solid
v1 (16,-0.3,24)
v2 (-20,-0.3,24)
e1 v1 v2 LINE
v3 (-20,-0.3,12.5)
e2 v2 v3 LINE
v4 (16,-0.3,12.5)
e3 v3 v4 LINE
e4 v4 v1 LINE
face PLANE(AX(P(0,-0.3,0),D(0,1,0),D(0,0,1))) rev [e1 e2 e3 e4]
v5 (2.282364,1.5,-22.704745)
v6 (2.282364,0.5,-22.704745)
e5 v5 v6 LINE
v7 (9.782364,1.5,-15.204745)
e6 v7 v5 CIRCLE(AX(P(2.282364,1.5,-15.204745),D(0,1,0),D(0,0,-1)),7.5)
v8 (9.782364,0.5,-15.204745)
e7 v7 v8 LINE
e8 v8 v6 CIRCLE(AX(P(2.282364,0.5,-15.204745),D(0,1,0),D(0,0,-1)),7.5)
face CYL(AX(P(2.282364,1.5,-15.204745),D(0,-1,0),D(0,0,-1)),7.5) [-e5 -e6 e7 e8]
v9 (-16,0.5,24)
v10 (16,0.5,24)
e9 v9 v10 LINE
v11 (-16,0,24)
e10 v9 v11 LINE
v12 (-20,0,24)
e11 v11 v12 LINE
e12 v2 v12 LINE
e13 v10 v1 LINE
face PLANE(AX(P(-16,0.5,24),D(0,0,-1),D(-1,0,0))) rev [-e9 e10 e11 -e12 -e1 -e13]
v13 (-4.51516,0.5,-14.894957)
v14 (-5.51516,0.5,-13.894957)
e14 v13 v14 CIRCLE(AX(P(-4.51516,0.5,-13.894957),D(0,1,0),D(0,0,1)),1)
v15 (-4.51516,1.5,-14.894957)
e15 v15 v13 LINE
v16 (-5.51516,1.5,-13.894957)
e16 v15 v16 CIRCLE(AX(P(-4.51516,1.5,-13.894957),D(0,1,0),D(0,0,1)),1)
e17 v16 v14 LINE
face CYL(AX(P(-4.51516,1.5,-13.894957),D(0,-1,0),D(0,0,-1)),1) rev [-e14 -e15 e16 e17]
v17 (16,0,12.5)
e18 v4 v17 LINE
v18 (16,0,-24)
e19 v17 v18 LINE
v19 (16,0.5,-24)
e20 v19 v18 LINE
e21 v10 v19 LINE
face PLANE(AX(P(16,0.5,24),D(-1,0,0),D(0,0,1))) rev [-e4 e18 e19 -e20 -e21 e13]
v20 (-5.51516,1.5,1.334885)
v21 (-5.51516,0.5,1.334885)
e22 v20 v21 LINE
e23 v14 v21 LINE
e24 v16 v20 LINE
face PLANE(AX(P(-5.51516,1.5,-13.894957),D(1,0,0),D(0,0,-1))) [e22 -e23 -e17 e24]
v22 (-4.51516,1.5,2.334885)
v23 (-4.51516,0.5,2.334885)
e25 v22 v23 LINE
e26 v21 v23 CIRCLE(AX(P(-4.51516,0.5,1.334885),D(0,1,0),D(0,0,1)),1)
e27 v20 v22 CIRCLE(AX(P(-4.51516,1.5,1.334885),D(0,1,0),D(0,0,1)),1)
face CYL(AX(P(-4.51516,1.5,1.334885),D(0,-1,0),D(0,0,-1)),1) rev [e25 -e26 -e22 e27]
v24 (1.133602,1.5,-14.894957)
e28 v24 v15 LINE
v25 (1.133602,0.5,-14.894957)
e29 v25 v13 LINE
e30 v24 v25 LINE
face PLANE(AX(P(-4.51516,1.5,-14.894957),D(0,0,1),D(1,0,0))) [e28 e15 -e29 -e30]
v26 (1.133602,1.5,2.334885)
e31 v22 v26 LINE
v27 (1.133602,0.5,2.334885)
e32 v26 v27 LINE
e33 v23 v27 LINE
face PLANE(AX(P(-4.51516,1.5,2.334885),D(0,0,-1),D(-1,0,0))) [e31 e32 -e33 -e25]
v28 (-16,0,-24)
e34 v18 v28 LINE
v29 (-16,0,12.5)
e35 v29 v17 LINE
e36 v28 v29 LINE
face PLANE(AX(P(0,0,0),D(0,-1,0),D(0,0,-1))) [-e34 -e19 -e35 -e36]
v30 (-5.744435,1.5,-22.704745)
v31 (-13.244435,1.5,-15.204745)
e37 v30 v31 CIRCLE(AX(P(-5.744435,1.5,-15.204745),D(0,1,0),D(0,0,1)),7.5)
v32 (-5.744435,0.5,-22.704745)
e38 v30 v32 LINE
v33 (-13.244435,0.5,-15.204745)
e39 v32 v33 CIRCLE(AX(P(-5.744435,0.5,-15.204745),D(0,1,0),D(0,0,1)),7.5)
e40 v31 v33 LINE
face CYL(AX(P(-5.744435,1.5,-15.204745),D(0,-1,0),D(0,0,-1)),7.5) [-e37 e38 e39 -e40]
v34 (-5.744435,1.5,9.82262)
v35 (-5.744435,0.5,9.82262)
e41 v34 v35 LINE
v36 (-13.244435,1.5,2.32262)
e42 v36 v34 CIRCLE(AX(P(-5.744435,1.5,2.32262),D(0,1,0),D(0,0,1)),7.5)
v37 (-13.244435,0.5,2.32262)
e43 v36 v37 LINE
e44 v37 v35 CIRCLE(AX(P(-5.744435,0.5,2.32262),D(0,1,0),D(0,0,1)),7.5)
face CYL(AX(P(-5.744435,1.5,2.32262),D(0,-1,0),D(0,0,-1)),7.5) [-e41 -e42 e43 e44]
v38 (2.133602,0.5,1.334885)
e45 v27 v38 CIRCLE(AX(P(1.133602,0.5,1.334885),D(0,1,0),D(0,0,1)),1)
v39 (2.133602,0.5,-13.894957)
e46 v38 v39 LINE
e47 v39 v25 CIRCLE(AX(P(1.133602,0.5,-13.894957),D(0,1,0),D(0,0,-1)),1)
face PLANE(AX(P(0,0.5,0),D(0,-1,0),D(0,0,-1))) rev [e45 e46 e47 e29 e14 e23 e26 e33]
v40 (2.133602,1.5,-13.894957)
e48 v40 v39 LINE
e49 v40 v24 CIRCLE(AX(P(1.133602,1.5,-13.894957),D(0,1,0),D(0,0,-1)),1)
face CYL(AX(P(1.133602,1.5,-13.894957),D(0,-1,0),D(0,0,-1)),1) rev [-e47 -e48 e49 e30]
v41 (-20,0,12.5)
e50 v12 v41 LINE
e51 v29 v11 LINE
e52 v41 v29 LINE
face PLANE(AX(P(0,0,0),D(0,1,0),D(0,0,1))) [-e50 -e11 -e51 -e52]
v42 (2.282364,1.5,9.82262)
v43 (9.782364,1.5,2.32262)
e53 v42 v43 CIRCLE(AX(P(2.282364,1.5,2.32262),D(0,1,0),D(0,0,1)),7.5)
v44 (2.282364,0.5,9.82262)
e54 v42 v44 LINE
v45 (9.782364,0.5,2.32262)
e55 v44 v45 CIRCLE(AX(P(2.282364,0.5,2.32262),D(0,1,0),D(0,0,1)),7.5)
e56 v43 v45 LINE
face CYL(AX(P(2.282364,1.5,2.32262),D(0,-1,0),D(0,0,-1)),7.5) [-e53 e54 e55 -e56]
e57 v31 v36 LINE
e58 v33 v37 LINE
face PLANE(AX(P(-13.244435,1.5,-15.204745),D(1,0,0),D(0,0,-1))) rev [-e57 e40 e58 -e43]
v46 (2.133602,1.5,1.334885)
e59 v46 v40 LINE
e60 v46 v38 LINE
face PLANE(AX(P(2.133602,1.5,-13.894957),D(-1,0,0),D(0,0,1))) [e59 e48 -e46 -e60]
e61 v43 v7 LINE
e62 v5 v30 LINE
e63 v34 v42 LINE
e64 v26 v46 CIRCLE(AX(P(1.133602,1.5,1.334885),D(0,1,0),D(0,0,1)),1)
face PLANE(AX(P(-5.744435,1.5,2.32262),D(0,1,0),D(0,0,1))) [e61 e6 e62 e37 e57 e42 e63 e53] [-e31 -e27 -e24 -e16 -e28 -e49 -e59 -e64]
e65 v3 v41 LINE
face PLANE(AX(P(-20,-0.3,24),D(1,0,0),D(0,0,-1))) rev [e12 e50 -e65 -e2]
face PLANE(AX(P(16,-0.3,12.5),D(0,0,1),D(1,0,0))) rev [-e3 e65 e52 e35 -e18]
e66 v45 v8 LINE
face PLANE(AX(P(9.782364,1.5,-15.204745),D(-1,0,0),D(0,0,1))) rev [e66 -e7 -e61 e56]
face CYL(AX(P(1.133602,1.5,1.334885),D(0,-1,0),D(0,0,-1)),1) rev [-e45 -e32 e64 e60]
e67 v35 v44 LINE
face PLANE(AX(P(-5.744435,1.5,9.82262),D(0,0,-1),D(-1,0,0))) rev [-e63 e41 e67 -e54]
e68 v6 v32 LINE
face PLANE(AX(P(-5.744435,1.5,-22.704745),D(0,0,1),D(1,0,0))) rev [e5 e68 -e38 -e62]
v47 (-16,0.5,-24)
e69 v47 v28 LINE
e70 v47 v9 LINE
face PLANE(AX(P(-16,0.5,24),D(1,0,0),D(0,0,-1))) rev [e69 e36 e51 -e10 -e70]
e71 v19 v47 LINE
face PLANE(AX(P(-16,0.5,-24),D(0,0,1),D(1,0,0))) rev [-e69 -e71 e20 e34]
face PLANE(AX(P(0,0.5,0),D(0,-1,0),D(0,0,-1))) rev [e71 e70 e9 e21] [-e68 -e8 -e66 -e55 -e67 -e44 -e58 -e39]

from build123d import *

# Parameters (mm, degrees)
SKETCH1_W           = 32
SKETCH1_H           = 48
BOSS_EXTRUDE1_DEPTH = 0.5
BOSS_EXTRUDE2_DEPTH = 1
SKETCH3_W           = 36
SKETCH3_H           = 11.5
BOSS_EXTRUDE3_DEPTH = 0.3


with BuildPart() as part:
    # Sketch1 → Boss-Extrude1 (new body)
    with BuildSketch(Plane(origin=(0, 0, 0), x_dir=(1, 0, 0), z_dir=(0, 1, 0))):
        Rectangle(SKETCH1_W, SKETCH1_H)
    extrude(amount=BOSS_EXTRUDE1_DEPTH)

    # Sketch2 → Boss-Extrude2 (add)
    with BuildSketch(Plane(origin=(0, 0.5, 0), x_dir=(1, 0, 0), z_dir=(0, 1, 0))):
        with BuildLine():
            Line((-5.744434592, 22.704745015), (2.282363543, 22.704745015))
            ThreePointArc((2.282363543, 22.704745015), (7.585664402, 20.508045873), (9.782363543, 15.204745015))
            Line((9.782363543, 15.204745015), (9.782363543, -2.322620184))
            ThreePointArc((9.782363543, -2.322620184), (7.585664402, -7.625921042), (2.282363543, -9.822620184))
            Line((2.282363543, -9.822620184), (-5.744434592, -9.822620184))
            ThreePointArc((-5.744434592, -9.822620184), (-11.047735451, -7.625921042), (-13.244434592, -2.322620184))
            Line((-13.244434592, -2.322620184), (-13.244434592, 15.204745015))
            ThreePointArc((-13.244434592, 15.204745015), (-11.047735451, 20.508045873), (-5.744434592, 22.704745015))
        make_face()
        with BuildLine():
            Line((-4.515159693, 14.894956836), (1.133601925, 14.894956836))
            ThreePointArc((1.133601925, 14.894956836), (1.840708706, 14.602063617), (2.133601925, 13.894956836))
            Line((2.133601925, 13.894956836), (2.133601925, -1.334885126))
            ThreePointArc((2.133601925, -1.334885126), (1.840708706, -2.041991907), (1.133601925, -2.334885126))
            Line((1.133601925, -2.334885126), (-4.515159693, -2.334885126))
            ThreePointArc((-4.515159693, -2.334885126), (-5.222266474, -2.041991907), (-5.515159693, -1.334885126))
            Line((-5.515159693, -1.334885126), (-5.515159693, 13.894956836))
            ThreePointArc((-5.515159693, 13.894956836), (-5.222266474, 14.602063617), (-4.515159693, 14.894956836))
        make_face(mode=Mode.SUBTRACT)
    extrude(amount=BOSS_EXTRUDE2_DEPTH)

    # Sketch3 → Boss-Extrude3 (add)
    with BuildSketch(Plane.XZ):
        with Locations((-2, 18.25)):
            Rectangle(SKETCH3_W, SKETCH3_H)
    extrude(amount=BOSS_EXTRUDE3_DEPTH)


solid = part.part
